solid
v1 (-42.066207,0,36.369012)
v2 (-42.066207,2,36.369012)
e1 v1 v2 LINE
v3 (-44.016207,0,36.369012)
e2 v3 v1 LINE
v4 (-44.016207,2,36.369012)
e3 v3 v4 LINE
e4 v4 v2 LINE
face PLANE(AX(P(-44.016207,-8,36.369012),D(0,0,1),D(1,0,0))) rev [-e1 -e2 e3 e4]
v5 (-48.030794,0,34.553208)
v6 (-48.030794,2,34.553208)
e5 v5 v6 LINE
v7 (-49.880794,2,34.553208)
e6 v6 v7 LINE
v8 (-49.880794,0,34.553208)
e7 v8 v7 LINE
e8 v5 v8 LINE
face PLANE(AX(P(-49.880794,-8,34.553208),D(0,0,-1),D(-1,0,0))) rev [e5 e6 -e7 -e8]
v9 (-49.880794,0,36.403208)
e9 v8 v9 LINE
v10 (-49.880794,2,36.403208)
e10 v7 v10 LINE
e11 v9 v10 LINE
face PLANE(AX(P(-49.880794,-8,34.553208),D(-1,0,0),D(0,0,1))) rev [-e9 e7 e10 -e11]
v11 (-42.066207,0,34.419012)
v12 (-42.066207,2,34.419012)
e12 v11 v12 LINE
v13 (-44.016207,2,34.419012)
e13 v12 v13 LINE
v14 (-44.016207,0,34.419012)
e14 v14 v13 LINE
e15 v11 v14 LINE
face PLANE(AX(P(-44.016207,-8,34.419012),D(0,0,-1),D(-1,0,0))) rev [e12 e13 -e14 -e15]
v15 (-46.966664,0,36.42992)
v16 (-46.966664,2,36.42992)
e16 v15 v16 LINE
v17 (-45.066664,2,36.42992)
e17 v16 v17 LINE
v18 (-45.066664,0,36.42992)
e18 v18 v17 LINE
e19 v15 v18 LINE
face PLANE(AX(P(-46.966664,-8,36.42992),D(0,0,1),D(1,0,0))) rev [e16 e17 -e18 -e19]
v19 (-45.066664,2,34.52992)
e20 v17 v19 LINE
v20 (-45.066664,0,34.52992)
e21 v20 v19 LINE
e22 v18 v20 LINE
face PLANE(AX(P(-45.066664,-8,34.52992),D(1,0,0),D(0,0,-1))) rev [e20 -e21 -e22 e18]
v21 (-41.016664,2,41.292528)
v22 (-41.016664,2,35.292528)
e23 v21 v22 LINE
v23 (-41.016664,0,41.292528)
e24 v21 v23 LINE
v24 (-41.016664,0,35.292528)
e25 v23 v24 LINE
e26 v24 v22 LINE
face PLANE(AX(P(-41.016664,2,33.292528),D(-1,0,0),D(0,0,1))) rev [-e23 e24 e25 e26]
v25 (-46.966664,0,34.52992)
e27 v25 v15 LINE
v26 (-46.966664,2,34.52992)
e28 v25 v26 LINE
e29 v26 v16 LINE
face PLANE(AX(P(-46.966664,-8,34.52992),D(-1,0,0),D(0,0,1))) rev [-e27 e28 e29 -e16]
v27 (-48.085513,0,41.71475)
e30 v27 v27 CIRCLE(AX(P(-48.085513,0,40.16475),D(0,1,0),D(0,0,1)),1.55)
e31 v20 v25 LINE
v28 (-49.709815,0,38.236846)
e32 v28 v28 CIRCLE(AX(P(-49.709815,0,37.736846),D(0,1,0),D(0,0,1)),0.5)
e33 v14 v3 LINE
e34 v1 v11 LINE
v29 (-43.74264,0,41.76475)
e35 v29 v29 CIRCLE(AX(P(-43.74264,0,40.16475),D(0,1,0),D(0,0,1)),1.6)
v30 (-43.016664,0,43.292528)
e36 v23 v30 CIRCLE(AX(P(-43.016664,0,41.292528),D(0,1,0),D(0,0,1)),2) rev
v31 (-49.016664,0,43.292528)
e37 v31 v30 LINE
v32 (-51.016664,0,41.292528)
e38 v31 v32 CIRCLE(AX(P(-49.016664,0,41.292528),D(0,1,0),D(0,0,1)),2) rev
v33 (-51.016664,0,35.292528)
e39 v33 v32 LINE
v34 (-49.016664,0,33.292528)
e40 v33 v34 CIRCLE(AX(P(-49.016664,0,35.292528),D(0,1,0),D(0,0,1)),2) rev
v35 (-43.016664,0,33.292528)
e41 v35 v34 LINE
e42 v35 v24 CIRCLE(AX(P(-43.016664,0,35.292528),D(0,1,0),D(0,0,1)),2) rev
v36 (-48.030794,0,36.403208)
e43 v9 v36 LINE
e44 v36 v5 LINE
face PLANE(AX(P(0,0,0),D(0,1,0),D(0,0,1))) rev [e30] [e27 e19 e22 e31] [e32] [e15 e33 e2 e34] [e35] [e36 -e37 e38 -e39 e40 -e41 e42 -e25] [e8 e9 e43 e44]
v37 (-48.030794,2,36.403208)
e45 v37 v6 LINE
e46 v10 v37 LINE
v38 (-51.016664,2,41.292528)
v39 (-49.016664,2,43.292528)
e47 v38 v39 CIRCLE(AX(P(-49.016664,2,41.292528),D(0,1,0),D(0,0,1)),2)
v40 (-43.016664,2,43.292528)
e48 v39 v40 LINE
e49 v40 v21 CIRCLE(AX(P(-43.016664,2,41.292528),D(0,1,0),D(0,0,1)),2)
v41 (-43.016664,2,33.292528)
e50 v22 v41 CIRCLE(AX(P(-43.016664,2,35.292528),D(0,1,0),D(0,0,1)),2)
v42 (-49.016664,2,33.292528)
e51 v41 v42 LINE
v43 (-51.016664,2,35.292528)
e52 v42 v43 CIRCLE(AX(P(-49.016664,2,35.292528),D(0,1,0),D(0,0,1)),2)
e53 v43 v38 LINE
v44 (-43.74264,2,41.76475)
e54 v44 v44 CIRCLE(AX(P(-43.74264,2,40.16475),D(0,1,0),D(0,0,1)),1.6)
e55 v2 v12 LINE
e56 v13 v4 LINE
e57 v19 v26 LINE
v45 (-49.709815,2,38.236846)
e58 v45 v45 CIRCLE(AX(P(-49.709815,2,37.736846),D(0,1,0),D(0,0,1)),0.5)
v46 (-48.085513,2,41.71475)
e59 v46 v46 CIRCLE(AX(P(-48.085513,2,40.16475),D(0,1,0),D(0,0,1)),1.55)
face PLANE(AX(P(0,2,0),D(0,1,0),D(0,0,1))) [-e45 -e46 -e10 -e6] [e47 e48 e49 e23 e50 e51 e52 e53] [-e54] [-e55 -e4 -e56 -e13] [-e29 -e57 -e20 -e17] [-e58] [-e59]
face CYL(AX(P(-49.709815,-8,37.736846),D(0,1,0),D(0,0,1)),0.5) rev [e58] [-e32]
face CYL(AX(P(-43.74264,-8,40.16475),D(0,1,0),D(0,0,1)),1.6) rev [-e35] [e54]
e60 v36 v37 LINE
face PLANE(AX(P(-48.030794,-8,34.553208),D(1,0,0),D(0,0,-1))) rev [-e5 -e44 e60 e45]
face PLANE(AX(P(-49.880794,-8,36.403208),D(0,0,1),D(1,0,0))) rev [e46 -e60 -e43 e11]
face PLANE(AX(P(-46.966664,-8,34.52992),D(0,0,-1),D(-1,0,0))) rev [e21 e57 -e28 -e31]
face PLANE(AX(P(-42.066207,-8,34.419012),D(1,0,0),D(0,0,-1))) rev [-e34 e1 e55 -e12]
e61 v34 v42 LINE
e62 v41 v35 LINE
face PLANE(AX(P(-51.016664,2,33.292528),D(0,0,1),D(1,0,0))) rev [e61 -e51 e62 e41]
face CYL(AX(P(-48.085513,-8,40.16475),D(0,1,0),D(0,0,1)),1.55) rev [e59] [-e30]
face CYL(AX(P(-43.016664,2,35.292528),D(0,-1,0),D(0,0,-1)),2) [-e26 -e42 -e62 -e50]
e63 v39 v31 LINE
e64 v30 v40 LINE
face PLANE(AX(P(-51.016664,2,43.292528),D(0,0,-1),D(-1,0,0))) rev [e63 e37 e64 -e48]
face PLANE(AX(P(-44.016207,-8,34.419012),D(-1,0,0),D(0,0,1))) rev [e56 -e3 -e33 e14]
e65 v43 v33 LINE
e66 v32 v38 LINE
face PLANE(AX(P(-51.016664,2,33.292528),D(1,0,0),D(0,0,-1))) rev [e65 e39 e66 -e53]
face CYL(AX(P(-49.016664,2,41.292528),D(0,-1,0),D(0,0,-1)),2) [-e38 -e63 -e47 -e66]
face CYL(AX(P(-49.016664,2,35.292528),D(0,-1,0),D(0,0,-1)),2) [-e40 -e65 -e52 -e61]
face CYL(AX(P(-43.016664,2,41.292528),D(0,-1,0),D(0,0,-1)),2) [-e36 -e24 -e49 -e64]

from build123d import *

# Parameters (mm, degrees)
SKETCH1_W           = 10
SKETCH1_H           = 10
BOSS_EXTRUDE1_DEPTH = 2
SKETCH2_R           = 1.55
SKETCH2_R_2         = 1.6
SKETCH2_R_3         = 0.5
SKETCH2_W           = 1.85
SKETCH2_H           = 1.85
SKETCH2_W_2         = 1.95
SKETCH2_H_2         = 1.95
SKETCH2_W_3         = 1.9
SKETCH2_H_3         = 1.9
CUT_EXTRUDE1_DEPTH  = 10
FILLET1_R           = 2


with BuildPart() as part:
    # Sketch1 → Boss-Extrude1 (new body)
    with BuildSketch(Plane(origin=(0, 0, 0), x_dir=(1, 0, 0), z_dir=(0, 1, 0))):
        with Locations((-46.016664058, -38.292528072)):
            Rectangle(SKETCH1_W, SKETCH1_H)
    extrude(amount=BOSS_EXTRUDE1_DEPTH)

    # Sketch2 → Cut-Extrude1 (cut)
    with BuildSketch(Plane(origin=(0, 2, 0), x_dir=(1, 0, 0), z_dir=(0, 1, 0))):
        with Locations(Location((-48.08551258, -40.164750495, 0), (0, 0, 270))):
            Circle(SKETCH2_R)
        with Locations(Location((-43.742640476, -40.164750495, 0), (0, 0, 270))):
            Circle(SKETCH2_R_2)
        with Locations(Location((-49.709815138, -37.736845618, 0), (0, 0, 270))):
            Circle(SKETCH2_R_3)
        with Locations((-48.955794355, -35.478207728)):
            Rectangle(SKETCH2_W, SKETCH2_H)
        with Locations((-43.041207223, -35.394011884)):
            Rectangle(SKETCH2_W_2, SKETCH2_H_2)
        with Locations((-46.016664058, -35.479919958)):
            Rectangle(SKETCH2_W_3, SKETCH2_H_3)
    extrude(amount=-CUT_EXTRUDE1_DEPTH, mode=Mode.SUBTRACT)

    # Fillet1
    fillet1_edges = [part.edges().sort_by_distance(p)[0] for p in [
        (-51.016664058, 1, 33.292528072),
        (-41.016664058, 1, 33.292528072),
        (-41.016664058, 1, 43.292528072),
        (-51.016664058, 1, 43.292528072),
    ]]
    fillet(fillet1_edges, radius=FILLET1_R)


solid = part.part
